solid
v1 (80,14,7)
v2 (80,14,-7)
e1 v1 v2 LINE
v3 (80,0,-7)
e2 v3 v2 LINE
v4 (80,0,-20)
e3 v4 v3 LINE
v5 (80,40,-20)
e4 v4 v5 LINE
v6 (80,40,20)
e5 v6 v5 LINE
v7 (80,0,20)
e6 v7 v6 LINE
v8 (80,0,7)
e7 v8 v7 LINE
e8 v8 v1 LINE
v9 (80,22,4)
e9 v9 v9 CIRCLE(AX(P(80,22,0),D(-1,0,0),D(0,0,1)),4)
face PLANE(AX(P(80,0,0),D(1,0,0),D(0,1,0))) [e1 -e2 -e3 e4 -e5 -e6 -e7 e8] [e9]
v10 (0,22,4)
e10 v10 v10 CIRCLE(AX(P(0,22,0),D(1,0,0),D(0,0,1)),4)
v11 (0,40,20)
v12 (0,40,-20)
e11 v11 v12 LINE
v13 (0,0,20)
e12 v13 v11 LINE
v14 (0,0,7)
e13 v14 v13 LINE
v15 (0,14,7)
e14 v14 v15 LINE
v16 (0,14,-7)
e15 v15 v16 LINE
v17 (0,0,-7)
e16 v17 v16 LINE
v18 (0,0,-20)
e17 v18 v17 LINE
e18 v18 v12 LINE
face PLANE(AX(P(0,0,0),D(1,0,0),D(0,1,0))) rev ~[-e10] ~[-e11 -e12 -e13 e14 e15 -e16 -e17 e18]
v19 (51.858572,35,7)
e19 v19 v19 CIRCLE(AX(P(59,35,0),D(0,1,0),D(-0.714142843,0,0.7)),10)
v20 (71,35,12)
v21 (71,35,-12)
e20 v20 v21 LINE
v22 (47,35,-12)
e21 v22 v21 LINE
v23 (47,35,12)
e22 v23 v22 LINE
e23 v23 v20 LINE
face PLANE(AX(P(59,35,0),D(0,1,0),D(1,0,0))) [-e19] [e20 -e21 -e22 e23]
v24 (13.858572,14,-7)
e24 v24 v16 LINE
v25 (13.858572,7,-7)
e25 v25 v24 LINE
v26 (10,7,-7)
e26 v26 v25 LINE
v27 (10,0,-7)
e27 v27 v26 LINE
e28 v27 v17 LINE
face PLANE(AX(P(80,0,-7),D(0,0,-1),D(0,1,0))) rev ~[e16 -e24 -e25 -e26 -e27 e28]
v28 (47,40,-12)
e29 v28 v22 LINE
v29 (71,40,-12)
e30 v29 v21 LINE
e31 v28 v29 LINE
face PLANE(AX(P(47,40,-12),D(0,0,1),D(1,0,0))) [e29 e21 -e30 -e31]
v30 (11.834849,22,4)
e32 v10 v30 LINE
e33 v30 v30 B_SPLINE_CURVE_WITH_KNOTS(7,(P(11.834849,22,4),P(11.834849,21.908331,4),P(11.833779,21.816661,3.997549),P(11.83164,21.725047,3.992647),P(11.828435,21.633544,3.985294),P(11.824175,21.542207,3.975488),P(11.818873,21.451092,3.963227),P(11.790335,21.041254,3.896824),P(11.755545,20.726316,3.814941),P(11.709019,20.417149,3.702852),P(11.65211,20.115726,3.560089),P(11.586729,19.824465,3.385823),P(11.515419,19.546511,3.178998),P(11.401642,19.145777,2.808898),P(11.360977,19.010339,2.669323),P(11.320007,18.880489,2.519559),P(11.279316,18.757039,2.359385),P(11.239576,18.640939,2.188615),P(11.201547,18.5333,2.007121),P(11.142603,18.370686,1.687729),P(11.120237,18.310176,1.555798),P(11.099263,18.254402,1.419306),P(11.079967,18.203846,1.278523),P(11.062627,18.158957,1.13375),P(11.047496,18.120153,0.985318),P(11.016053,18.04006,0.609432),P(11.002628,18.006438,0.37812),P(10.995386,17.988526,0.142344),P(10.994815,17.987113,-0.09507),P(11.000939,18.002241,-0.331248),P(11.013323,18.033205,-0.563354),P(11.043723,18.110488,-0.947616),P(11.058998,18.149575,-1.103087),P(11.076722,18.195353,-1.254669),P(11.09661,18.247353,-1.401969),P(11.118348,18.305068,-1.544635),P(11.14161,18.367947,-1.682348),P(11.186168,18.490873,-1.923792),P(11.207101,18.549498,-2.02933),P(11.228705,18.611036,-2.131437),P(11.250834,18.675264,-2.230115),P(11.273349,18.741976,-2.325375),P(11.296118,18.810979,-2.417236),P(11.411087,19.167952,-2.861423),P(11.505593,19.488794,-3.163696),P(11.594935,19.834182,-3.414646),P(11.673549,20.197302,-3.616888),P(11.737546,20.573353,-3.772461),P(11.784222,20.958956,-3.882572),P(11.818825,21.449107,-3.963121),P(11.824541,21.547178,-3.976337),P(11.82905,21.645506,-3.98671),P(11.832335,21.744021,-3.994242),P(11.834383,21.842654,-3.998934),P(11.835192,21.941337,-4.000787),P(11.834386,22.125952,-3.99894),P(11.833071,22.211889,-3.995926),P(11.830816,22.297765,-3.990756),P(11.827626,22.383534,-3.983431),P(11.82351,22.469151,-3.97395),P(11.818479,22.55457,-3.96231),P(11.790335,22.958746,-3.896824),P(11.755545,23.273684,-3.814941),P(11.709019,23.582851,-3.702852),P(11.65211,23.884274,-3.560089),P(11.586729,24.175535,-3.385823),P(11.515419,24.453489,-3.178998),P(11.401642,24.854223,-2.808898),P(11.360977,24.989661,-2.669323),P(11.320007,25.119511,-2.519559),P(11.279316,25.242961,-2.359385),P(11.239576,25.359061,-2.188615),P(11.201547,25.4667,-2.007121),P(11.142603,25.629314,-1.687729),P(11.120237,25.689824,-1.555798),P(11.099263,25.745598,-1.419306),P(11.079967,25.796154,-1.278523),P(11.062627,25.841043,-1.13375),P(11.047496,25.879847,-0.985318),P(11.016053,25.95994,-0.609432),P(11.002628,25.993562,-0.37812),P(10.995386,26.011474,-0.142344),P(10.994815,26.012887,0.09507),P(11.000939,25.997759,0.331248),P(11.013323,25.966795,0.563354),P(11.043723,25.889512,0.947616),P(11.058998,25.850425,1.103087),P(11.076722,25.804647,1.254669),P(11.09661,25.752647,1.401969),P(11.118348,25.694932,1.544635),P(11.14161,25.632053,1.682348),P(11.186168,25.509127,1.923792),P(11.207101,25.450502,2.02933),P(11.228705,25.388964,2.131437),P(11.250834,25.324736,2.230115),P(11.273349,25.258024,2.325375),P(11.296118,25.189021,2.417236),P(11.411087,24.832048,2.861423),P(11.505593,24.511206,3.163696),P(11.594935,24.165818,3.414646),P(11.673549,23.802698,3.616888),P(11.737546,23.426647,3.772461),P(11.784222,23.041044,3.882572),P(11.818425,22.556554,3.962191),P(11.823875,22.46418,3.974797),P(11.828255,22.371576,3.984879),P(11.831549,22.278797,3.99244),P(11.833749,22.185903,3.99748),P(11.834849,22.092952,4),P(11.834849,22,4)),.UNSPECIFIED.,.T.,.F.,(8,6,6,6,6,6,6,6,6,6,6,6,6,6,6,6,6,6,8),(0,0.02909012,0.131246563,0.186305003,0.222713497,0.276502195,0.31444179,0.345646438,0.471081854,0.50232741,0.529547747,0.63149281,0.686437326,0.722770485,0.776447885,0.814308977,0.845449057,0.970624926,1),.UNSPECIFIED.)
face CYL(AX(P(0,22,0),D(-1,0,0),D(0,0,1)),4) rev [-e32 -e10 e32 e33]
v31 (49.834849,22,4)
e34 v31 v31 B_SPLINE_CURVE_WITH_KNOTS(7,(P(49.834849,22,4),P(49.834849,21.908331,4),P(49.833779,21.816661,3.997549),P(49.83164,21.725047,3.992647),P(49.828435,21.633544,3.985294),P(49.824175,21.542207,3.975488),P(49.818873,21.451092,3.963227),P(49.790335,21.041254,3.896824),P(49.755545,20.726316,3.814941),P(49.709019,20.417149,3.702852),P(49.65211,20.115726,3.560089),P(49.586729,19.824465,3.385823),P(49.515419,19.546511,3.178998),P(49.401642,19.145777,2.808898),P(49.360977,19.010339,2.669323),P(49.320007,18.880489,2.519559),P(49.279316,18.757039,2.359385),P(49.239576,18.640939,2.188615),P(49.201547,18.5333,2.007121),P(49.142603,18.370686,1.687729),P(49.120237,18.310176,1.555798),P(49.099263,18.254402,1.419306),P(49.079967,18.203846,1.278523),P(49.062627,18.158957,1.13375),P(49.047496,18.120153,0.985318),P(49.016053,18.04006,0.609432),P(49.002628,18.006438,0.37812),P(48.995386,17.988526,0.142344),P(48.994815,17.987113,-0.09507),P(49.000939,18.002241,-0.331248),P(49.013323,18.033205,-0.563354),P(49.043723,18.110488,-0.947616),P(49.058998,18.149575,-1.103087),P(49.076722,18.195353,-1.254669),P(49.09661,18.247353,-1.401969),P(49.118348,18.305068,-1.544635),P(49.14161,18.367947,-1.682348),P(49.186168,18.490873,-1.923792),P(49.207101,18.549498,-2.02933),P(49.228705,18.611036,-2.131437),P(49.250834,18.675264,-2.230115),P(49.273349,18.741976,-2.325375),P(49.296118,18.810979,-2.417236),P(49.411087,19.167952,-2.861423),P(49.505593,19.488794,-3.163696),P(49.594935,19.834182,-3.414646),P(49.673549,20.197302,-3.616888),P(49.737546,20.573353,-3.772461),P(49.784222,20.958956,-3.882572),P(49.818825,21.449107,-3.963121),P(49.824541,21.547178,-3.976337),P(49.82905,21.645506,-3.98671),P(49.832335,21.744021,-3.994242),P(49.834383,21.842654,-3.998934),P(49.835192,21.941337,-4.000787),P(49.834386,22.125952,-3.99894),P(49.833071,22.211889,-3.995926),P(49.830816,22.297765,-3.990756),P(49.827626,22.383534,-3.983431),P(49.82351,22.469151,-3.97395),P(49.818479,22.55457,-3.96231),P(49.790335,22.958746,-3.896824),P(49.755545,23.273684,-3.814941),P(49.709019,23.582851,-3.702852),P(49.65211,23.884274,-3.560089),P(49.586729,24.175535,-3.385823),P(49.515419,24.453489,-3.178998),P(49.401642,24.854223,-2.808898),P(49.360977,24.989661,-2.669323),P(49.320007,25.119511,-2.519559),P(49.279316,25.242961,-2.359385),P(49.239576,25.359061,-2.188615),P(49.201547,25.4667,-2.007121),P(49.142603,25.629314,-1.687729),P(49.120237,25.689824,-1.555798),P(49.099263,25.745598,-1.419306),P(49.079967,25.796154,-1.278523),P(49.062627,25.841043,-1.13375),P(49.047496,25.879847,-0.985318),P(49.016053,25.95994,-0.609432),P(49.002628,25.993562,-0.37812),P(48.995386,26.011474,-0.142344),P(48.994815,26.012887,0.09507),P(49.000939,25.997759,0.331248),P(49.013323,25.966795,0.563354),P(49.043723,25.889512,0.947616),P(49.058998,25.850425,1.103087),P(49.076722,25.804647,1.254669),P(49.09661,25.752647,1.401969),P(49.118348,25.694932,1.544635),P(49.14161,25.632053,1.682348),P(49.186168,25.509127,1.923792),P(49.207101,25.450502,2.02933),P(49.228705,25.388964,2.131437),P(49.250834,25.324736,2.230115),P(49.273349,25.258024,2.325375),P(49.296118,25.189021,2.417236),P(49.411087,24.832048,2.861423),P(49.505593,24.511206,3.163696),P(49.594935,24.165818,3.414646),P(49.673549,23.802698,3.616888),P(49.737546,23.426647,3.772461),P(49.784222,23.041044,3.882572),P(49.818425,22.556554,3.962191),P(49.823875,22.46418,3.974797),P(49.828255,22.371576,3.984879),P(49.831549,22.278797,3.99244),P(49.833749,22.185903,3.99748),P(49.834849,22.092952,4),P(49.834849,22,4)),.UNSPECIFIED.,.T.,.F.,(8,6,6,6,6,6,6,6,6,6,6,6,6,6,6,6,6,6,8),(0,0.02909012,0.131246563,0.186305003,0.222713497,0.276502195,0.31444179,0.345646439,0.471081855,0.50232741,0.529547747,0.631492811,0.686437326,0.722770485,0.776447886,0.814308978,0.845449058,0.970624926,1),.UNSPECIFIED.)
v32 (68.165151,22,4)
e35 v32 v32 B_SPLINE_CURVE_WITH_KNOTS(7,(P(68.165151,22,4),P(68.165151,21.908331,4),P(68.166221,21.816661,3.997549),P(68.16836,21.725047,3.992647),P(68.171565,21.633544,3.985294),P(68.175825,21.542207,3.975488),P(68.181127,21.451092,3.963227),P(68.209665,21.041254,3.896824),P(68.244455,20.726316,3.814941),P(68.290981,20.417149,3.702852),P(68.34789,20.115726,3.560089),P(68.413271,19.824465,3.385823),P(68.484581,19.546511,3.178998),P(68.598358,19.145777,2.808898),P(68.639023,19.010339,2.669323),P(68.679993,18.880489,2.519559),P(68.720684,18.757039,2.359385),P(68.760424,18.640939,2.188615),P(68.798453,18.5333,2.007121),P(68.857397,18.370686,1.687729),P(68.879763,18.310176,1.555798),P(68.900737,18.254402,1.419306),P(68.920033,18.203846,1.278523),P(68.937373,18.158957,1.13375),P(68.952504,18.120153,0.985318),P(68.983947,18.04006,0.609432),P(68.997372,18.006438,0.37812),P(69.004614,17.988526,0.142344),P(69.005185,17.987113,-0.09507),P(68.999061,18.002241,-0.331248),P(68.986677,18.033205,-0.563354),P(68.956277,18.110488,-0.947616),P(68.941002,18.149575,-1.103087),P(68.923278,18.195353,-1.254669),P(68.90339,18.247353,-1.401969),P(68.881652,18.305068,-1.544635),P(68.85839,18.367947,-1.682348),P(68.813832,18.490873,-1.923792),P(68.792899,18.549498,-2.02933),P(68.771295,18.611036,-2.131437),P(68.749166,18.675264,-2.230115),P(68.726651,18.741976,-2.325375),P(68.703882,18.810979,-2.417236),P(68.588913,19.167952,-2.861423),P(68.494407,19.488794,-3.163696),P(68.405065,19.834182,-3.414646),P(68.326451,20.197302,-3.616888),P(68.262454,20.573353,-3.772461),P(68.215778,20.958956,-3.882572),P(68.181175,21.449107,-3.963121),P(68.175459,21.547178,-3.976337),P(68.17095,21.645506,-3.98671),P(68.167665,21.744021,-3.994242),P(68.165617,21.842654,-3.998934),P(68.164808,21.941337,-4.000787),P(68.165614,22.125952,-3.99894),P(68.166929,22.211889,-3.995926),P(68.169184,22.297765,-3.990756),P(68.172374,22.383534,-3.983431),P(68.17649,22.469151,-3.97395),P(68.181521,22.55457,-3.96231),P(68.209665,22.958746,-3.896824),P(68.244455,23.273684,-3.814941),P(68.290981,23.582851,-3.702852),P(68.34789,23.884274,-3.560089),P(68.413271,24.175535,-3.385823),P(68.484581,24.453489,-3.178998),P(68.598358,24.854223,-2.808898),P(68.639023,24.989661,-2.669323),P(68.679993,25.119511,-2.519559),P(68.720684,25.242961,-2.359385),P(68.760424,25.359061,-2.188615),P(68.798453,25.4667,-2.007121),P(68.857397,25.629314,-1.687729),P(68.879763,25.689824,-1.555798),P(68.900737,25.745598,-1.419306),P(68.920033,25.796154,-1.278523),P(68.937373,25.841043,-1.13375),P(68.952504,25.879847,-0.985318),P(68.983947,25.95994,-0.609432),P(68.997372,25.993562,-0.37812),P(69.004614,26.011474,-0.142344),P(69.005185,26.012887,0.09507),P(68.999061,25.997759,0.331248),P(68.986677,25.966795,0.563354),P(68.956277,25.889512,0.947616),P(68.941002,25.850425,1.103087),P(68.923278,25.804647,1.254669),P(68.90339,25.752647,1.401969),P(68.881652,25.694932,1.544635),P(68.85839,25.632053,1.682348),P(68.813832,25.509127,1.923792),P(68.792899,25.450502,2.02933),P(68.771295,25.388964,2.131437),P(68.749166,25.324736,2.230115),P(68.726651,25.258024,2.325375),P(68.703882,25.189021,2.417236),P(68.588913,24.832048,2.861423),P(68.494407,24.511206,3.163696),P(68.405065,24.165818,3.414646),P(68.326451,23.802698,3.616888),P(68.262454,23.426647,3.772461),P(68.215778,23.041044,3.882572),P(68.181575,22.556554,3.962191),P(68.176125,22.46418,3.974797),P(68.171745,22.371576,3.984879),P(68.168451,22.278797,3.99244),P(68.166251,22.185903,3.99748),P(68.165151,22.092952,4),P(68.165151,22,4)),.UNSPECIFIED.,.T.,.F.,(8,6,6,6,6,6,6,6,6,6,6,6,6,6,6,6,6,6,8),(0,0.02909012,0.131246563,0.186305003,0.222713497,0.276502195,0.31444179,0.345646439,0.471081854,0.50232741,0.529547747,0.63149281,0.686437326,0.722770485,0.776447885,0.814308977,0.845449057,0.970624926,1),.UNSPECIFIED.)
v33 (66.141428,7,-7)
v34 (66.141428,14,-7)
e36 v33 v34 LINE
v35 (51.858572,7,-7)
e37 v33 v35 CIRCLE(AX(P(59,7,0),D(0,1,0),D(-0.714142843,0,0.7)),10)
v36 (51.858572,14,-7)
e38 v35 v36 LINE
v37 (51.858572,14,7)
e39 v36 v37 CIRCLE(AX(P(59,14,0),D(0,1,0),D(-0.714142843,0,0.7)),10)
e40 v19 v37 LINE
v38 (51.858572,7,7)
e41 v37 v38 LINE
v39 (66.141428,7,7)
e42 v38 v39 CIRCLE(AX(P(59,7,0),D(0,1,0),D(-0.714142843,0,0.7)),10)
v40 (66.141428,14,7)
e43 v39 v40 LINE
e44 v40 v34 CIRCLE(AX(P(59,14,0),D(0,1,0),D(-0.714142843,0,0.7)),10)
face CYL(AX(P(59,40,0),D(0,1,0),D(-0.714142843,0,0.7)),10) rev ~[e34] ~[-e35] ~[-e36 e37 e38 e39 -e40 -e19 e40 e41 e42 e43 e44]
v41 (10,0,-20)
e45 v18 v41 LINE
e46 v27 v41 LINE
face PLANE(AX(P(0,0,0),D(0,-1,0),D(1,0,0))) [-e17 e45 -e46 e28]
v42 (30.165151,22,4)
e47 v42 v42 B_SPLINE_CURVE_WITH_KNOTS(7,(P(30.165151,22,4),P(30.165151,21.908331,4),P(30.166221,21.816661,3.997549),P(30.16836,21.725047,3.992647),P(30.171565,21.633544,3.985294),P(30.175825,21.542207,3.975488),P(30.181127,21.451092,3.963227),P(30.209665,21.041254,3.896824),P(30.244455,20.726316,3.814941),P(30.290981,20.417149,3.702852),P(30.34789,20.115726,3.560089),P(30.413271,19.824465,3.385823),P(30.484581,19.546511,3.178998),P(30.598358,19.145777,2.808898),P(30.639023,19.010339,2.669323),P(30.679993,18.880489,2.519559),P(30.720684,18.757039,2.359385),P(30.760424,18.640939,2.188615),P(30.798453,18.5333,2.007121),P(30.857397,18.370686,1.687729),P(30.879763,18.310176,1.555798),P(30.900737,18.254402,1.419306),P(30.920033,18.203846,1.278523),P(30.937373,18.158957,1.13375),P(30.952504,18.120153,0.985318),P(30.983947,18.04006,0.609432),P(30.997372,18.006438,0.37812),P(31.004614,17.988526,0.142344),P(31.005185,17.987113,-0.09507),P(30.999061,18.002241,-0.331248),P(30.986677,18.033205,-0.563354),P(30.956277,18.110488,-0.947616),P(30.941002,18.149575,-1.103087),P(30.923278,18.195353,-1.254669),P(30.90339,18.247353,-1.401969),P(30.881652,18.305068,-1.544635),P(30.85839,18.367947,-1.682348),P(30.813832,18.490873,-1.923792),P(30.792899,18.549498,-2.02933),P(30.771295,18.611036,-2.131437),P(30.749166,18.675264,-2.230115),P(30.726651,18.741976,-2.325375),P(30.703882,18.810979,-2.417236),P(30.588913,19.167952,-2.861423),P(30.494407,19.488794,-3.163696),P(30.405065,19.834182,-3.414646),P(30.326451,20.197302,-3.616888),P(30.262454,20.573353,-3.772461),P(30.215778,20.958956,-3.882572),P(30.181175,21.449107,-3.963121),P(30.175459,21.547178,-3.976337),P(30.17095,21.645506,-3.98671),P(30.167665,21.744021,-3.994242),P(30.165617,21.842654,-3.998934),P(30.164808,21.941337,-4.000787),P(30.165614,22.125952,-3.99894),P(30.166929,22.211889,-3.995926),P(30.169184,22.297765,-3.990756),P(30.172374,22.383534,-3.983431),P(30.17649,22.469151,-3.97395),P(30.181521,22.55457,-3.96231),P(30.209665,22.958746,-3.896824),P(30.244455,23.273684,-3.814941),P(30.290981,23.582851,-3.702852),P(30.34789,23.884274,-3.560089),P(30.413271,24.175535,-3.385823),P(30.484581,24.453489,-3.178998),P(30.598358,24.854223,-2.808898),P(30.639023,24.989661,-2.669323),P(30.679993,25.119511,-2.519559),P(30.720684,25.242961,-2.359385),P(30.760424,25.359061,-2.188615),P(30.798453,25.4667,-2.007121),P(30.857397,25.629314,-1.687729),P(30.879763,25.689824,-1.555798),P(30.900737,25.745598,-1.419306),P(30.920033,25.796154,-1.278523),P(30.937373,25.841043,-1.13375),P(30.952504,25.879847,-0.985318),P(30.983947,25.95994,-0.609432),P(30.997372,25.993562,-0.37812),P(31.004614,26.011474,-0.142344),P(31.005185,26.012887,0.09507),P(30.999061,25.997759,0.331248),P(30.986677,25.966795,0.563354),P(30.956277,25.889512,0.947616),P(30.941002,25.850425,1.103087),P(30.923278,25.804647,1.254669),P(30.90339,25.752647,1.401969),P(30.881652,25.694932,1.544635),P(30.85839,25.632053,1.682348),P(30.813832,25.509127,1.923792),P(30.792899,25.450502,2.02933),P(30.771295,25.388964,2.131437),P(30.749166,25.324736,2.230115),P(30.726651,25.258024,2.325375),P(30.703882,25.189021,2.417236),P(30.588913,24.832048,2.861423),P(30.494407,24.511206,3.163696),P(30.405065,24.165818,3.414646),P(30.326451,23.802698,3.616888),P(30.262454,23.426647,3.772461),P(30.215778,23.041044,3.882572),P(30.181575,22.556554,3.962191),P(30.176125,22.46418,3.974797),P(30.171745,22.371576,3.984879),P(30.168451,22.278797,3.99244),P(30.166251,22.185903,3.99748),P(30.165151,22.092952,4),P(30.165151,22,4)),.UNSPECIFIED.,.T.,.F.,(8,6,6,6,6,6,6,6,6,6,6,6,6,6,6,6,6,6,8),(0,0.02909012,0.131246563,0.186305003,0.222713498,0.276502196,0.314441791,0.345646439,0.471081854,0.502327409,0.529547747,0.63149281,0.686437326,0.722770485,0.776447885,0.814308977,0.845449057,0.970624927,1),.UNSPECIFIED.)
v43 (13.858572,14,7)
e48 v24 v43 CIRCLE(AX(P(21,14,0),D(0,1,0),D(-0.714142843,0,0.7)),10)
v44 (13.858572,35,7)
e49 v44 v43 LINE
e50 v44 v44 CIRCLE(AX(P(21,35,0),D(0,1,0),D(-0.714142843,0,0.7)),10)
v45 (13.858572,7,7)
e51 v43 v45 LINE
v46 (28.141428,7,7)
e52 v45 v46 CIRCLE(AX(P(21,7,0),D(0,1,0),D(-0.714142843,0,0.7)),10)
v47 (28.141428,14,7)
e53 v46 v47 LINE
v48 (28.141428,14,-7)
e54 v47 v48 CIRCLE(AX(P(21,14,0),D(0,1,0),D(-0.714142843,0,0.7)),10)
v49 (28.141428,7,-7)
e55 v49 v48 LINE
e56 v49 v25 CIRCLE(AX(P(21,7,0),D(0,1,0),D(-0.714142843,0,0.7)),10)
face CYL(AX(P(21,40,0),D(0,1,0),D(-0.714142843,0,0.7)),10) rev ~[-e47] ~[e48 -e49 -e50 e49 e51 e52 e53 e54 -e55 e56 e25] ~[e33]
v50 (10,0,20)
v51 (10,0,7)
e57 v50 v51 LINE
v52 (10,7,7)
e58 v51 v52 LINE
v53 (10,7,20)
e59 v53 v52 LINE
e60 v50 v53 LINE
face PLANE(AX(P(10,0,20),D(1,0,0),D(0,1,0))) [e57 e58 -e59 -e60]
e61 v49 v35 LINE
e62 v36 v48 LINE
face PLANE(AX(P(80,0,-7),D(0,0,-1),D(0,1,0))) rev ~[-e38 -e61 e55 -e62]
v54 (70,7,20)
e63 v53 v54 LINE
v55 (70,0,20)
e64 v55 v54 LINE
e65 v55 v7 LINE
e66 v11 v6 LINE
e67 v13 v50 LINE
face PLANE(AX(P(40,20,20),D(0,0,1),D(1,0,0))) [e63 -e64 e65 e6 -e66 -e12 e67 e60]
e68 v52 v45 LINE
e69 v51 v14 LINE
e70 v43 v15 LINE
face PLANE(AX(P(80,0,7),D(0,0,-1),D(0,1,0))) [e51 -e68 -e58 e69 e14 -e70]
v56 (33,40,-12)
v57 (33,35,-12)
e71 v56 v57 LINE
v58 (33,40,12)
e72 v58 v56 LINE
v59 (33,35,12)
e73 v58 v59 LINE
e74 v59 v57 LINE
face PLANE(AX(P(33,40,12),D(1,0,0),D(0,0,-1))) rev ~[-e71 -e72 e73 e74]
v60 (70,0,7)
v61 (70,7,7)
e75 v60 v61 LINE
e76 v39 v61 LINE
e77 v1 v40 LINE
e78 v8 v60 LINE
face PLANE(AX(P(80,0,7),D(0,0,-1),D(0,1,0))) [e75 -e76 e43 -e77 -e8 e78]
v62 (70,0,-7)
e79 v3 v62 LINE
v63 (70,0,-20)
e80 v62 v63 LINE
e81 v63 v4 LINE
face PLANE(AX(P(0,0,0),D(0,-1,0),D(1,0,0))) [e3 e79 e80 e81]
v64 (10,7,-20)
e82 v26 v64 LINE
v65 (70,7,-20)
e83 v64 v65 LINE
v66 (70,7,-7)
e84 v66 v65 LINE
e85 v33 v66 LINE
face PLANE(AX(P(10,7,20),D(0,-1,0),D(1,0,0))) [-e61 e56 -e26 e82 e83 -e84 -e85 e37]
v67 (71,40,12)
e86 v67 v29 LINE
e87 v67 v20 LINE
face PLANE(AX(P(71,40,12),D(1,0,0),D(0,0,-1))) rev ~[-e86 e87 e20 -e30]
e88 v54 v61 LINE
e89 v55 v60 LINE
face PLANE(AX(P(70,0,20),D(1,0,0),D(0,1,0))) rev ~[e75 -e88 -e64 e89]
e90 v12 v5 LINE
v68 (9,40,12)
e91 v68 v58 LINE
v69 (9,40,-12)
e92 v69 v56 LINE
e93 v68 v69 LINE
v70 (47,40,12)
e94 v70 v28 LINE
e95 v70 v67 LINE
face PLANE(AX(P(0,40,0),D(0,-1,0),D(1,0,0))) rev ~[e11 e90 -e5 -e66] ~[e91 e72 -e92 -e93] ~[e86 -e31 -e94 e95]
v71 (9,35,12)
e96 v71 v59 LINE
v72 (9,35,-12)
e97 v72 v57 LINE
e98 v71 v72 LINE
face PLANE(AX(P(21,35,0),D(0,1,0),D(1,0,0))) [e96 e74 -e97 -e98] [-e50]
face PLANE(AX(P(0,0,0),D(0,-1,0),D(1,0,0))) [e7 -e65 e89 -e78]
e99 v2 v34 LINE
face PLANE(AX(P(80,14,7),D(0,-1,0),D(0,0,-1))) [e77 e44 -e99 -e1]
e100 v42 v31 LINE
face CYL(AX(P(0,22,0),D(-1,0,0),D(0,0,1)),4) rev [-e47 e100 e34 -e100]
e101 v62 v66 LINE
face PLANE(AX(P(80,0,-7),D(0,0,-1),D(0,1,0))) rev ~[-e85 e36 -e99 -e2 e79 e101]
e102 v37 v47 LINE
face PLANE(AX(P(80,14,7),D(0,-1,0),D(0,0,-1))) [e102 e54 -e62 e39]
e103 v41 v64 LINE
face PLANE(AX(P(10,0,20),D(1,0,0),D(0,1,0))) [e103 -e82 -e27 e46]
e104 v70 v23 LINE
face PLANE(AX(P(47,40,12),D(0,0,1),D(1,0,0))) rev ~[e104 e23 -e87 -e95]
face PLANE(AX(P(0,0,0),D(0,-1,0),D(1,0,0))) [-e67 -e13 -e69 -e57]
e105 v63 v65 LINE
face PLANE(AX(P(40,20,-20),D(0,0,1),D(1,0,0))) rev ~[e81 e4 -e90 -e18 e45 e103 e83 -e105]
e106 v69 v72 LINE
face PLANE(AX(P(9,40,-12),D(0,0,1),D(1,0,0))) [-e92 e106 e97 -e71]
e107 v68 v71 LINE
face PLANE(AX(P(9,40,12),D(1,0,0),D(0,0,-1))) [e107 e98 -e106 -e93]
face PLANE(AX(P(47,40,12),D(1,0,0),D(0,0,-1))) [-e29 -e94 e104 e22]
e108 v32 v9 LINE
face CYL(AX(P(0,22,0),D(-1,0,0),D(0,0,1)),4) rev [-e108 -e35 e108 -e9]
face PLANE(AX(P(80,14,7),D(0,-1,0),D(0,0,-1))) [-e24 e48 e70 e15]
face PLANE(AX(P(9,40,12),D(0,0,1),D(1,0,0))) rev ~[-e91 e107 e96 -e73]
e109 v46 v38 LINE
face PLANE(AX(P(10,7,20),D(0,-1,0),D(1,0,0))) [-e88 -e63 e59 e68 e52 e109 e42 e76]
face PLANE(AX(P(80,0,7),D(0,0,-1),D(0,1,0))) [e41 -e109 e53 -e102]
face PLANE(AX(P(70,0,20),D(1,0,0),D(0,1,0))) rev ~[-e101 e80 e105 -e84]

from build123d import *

# Parameters (mm, degrees)
SKETCH1_W               = 80
SKETCH1_H               = 40
BOSS_EXTRUDE1_DEPTH     = 20
SKETCH2_W               = 60
SKETCH2_H               = 7
CUT_EXTRUDE1_DEPTH      = 40
SKETCH3_W               = 14
SKETCH3_H               = 14
CUT_EXTRUDE2_DEPTH      = 80
CUT_EXTRUDE3_DEPTH      = 92.651513899
CUT_EXTRUDE3_DEPTH_BACK = 80
SKETCH4_R               = 4
SKETCH5_W               = 24
SKETCH5_H               = 24
CUT_EXTRUDE4_DEPTH      = 5
SKETCH6_R               = 10
CUT_EXTRUDE6_DEPTH      = 92.651513899


with BuildPart() as part:
    # Sketch1 → Boss-Extrude1 (new, symmetric)
    with BuildSketch(Plane.XY):
        with Locations((40, 20)):
            Rectangle(SKETCH1_W, SKETCH1_H)
    extrude(amount=BOSS_EXTRUDE1_DEPTH, both=True)

    # Sketch2 → Cut-Extrude1 (cut)
    with BuildSketch(Plane.XY.offset(20)):
        with Locations((40, 3.5)):
            Rectangle(SKETCH2_W, SKETCH2_H)
    extrude(amount=-CUT_EXTRUDE1_DEPTH, mode=Mode.SUBTRACT)

    # Sketch3 → Cut-Extrude2 (cut)
    with BuildSketch(Plane(origin=(80, 0, 0), x_dir=(0, 0, -1), z_dir=(1, 0, 0))):
        with Locations((0, 7)):
            Rectangle(SKETCH3_W, SKETCH3_H)
    extrude(amount=-CUT_EXTRUDE2_DEPTH, mode=Mode.SUBTRACT)

    # Sketch4 → Cut-Extrude3 (cut, two sides: drawn at the far end of the back side and taken through both)
    with BuildSketch(Plane(origin=(80, 0, 0), x_dir=(0, 0, -1), z_dir=(1, 0, 0)).offset(-CUT_EXTRUDE3_DEPTH_BACK)):
        with Locations(Location((0, 22, 0), (0, 0, 180))):
            Circle(SKETCH4_R)
    extrude(amount=CUT_EXTRUDE3_DEPTH + CUT_EXTRUDE3_DEPTH_BACK, mode=Mode.SUBTRACT)

    # Sketch5 → Cut-Extrude4 (cut)
    with BuildSketch(Plane(origin=(0, 40, 0), x_dir=(1, 0, 0), z_dir=(0, 1, 0))):
        with Locations((59, 0)):
            Rectangle(SKETCH5_W, SKETCH5_H)
        with Locations((21, 0)):
            Rectangle(SKETCH5_W, SKETCH5_H)
    extrude(amount=-CUT_EXTRUDE4_DEPTH, mode=Mode.SUBTRACT)

    # Sketch6 → Cut-Extrude6 (cut, through all)
    with BuildSketch(Plane(origin=(0, 40, 0), x_dir=(1, 0, 0), z_dir=(0, 1, 0))):
        with Locations(Location((59, 0, 0), (0, 0, 224.427004001))):
            Circle(SKETCH6_R)
        with Locations(Location((21, 0, 0), (0, 0, 224.427004001))):
            Circle(SKETCH6_R)
    extrude(amount=-CUT_EXTRUDE6_DEPTH, mode=Mode.SUBTRACT)


solid = part.part
